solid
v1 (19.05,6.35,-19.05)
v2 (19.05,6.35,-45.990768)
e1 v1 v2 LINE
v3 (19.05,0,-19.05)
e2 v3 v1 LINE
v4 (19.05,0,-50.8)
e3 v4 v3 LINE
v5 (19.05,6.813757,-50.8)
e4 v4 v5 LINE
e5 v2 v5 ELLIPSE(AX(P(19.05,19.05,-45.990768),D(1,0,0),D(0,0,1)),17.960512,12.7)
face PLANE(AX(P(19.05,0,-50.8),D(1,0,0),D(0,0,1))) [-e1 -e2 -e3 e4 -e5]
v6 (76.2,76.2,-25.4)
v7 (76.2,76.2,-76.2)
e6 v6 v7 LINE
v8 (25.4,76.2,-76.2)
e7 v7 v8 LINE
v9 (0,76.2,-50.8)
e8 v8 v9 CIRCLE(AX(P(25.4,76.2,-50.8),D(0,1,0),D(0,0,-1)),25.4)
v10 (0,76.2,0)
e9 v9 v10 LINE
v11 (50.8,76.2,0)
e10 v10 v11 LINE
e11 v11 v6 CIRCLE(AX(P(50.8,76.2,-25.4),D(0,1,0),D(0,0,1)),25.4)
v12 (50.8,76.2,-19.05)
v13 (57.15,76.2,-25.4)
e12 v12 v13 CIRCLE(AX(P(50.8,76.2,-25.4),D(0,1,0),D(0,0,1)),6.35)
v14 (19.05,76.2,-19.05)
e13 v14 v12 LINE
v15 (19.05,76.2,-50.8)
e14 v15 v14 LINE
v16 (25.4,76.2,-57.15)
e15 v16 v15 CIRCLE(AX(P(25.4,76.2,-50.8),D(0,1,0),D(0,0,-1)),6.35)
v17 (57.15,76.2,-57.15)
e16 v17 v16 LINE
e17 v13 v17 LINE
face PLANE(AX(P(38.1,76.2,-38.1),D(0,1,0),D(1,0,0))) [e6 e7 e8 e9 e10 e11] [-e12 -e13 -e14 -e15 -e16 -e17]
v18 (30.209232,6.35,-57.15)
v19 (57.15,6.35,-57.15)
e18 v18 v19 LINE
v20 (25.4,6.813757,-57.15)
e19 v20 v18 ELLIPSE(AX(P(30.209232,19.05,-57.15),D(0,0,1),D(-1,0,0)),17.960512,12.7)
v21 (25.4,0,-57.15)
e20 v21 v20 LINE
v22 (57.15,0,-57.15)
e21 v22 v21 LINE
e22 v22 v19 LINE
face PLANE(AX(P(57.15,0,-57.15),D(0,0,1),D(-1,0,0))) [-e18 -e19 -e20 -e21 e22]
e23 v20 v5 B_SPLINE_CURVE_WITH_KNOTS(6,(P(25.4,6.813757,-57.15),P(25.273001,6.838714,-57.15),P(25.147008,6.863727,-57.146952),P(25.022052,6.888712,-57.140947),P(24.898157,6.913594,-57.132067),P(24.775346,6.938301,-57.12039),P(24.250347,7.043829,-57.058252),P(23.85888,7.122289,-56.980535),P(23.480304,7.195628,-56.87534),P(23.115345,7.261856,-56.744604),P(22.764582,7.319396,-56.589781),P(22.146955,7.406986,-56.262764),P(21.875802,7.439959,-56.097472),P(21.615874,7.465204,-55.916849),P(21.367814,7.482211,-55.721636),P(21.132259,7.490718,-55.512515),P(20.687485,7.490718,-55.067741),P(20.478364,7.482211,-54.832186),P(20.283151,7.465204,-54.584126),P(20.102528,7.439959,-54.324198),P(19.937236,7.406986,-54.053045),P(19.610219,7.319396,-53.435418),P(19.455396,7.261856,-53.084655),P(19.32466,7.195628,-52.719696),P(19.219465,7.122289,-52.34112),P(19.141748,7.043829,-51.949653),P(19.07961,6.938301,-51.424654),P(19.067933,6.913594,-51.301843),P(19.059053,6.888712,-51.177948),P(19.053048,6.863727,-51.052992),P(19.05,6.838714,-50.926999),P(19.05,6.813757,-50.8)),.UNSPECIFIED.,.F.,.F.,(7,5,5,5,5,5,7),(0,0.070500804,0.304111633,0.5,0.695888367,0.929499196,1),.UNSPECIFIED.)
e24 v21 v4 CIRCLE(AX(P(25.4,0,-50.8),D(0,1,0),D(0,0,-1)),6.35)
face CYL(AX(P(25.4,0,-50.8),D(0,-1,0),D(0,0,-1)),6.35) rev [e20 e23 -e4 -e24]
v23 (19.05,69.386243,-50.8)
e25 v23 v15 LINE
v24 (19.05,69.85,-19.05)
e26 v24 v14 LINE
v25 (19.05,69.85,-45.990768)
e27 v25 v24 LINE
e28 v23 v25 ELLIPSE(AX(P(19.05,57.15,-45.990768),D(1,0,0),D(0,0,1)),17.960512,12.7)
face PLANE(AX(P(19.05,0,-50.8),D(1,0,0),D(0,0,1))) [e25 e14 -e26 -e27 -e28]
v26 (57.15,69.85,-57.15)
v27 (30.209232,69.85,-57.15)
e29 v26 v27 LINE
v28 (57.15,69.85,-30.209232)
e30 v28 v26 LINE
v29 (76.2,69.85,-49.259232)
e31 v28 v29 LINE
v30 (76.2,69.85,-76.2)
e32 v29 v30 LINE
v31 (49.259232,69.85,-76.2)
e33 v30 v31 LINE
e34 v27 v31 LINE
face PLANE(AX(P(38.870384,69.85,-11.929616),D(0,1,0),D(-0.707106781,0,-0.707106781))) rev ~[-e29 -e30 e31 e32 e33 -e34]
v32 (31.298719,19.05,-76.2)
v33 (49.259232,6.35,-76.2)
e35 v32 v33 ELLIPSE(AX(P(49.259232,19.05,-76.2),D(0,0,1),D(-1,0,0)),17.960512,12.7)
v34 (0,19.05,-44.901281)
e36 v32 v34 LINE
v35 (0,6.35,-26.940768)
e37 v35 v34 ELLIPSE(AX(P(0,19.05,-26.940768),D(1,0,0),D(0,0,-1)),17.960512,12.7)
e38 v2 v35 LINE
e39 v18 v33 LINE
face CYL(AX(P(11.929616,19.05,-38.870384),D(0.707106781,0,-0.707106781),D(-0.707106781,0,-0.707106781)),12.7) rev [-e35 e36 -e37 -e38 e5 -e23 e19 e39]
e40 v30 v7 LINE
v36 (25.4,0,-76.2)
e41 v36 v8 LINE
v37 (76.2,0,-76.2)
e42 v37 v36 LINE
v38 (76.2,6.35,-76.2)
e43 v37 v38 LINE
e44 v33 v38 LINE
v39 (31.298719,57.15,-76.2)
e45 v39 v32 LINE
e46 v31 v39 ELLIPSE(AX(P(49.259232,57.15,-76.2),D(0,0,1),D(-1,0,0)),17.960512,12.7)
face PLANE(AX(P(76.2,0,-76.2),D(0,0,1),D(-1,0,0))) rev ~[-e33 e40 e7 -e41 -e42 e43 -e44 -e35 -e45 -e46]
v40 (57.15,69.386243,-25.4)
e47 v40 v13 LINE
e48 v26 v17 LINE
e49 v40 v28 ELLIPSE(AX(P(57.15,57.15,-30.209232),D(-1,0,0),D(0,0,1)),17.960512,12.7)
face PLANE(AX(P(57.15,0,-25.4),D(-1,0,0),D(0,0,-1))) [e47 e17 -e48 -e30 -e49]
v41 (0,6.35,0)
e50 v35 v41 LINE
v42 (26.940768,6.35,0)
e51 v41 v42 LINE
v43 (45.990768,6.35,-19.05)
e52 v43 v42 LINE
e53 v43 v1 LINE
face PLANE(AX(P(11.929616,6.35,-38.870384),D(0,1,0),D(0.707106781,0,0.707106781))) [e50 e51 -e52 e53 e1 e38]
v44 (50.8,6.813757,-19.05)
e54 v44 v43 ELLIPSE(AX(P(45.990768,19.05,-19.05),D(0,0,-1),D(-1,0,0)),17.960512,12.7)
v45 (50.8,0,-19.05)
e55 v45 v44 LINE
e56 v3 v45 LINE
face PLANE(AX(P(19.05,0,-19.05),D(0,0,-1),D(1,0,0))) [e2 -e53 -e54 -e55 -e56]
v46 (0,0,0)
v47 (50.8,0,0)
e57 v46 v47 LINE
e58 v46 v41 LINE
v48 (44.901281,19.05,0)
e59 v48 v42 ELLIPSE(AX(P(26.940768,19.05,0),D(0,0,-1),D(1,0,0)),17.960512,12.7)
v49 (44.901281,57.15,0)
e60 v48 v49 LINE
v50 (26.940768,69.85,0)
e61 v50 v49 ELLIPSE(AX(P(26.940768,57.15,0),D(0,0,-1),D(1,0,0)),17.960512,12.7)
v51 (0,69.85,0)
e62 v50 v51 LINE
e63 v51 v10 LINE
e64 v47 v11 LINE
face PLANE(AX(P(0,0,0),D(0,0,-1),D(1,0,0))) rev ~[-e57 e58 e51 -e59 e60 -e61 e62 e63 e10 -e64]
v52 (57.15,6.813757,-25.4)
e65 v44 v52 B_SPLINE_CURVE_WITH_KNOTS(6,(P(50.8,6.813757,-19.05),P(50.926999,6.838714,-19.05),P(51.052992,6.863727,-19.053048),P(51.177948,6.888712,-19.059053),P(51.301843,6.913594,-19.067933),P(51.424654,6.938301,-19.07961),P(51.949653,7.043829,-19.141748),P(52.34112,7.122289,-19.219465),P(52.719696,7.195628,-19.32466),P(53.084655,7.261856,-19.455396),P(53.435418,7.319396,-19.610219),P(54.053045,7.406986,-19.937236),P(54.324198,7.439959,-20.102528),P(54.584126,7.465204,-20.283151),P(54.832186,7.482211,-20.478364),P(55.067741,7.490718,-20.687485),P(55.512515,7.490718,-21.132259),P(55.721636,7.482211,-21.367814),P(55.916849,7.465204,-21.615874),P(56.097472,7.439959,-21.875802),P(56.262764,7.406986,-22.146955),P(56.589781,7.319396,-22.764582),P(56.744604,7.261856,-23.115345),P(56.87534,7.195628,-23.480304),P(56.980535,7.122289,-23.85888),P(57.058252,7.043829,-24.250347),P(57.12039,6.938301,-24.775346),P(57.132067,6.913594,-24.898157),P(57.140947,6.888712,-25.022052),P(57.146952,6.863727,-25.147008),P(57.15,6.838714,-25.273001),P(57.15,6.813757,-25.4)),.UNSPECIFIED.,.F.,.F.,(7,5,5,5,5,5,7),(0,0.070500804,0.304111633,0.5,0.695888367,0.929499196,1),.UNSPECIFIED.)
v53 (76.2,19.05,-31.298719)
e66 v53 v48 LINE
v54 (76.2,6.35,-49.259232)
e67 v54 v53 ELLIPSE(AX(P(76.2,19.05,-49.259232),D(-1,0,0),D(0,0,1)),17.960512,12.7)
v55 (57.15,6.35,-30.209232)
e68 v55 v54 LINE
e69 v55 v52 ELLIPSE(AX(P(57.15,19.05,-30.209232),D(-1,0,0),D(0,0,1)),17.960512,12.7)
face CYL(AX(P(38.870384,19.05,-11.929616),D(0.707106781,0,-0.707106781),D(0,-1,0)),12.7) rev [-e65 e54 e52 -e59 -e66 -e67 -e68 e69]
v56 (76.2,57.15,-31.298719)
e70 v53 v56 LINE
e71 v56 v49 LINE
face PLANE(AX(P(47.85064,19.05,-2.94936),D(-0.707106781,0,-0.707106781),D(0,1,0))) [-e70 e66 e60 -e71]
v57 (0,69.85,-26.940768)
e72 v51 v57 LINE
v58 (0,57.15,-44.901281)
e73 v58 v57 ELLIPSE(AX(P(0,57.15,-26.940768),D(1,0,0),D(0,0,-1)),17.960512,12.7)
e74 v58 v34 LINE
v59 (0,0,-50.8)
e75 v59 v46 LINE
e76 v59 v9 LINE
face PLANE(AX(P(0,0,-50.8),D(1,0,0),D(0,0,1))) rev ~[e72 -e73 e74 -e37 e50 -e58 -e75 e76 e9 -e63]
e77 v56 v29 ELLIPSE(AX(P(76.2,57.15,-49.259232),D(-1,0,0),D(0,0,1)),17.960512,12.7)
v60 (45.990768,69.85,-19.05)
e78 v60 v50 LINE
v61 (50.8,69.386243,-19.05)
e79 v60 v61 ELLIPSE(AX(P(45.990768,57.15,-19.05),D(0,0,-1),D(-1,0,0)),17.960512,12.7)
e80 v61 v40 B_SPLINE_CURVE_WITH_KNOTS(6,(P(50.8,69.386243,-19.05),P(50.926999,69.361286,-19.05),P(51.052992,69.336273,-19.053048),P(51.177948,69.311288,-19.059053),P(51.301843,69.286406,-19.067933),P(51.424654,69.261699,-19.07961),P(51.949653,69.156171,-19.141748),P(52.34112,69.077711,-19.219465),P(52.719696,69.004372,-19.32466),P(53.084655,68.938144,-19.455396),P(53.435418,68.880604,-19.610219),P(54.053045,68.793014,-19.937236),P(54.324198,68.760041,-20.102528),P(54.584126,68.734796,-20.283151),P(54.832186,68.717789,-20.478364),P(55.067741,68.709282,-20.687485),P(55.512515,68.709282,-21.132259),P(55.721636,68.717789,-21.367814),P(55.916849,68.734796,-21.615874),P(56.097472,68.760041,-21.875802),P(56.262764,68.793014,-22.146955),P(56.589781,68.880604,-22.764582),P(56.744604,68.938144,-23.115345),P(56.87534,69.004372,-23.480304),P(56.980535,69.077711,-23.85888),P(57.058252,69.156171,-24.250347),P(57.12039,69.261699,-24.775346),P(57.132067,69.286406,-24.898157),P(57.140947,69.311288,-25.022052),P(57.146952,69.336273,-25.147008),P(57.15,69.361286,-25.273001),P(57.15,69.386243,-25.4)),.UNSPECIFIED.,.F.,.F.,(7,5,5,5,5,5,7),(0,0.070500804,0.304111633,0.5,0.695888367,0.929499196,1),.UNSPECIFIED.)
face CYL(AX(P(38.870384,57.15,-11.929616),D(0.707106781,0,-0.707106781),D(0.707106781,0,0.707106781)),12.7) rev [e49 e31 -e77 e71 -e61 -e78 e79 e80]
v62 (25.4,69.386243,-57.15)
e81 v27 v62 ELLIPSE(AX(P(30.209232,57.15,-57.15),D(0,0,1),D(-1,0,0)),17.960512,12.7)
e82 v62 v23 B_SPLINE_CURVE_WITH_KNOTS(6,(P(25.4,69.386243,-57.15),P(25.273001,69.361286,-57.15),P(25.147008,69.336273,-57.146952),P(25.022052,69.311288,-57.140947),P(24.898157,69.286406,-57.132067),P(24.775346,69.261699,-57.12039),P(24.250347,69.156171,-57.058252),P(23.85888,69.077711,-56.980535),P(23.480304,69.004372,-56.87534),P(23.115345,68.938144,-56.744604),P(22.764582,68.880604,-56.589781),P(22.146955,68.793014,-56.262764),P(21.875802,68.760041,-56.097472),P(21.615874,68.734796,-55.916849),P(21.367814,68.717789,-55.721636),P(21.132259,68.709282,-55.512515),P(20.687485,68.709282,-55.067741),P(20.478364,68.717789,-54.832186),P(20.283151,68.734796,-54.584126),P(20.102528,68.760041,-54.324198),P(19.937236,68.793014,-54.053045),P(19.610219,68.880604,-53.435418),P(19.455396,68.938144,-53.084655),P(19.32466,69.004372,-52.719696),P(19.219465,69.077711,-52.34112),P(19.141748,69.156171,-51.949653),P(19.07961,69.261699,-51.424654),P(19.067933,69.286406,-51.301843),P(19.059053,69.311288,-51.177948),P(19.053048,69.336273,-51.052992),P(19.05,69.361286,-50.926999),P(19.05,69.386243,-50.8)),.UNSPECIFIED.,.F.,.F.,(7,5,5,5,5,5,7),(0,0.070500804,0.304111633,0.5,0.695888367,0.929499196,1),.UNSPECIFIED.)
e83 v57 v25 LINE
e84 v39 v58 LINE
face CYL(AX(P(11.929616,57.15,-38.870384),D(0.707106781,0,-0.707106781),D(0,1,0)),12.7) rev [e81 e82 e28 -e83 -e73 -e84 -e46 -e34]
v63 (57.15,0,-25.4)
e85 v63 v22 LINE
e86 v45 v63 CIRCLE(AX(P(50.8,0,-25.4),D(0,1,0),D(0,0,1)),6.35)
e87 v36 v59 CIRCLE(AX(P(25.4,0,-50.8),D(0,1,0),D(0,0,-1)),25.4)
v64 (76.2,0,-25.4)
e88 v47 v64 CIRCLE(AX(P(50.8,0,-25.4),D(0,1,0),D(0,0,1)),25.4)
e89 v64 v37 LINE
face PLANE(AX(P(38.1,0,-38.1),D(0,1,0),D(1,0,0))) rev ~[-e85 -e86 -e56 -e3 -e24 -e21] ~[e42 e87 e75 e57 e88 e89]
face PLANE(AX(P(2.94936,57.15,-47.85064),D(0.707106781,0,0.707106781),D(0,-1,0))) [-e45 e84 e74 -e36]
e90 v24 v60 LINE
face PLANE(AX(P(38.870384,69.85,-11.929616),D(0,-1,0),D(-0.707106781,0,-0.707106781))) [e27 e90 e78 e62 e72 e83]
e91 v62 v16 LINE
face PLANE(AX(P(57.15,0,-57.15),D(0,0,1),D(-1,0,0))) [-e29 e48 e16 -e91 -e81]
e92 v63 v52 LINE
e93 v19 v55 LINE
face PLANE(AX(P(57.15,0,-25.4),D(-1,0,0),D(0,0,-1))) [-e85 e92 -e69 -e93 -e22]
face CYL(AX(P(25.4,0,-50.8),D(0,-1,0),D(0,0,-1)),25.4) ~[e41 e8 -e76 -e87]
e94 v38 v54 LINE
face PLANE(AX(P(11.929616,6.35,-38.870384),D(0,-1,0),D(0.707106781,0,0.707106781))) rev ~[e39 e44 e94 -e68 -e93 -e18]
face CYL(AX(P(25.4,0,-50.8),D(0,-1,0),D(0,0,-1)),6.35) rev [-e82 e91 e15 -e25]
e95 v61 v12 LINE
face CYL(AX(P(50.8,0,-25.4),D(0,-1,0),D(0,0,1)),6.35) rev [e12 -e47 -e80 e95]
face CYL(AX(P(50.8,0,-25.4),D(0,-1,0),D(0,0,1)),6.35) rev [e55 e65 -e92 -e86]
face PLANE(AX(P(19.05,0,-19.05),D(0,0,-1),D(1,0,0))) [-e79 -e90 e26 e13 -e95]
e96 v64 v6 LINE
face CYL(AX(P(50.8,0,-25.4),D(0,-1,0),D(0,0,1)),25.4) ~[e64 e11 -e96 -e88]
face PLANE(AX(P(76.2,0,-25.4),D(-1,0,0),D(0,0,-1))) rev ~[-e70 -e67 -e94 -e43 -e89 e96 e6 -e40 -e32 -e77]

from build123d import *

# Parameters (mm, degrees)
BOSS_EXTRUDE1_DEPTH     = 76.2
CUT_EXTRUDE4_DEPTH      = 50.546
CUT_EXTRUDE4_DEPTH_BACK = 82.042


with BuildPart() as part:
    # Sketch1 → Boss-Extrude1 (new body)
    with BuildSketch(Plane(origin=(0, 0, 0), x_dir=(1, 0, 0), z_dir=(0, 1, 0))):
        with BuildLine():
            Line((0, 0), (50.8, 0))
            ThreePointArc((50.8, 0), (68.760512242, 7.439487758), (76.2, 25.4))
            Line((76.2, 25.4), (76.2, 76.2))
            Line((76.2, 76.2), (25.4, 76.2))
            ThreePointArc((25.4, 76.2), (7.439487758, 68.760512242), (0, 50.8))
            Line((0, 50.8), (0, 0))
        make_face()
        with BuildLine():
            Line((19.05, 19.05), (50.8, 19.05))
            ThreePointArc((50.8, 19.05), (55.290128061, 20.909871939), (57.15, 25.4))
            Line((57.15, 25.4), (57.15, 57.15))
            Line((57.15, 57.15), (25.4, 57.15))
            ThreePointArc((25.4, 57.15), (20.909871939, 55.290128061), (19.05, 50.8))
            Line((19.05, 50.8), (19.05, 19.05))
        make_face(mode=Mode.SUBTRACT)
    extrude(amount=BOSS_EXTRUDE1_DEPTH)

    # Sketch3 → Cut-Extrude4 (cut, two sides)
    with BuildSketch(Plane(origin=(25.4, 0, -25.4), x_dir=(0.707106781, 0, 0.707106781), z_dir=(-0.707106781, 0, 0.707106781))) as cut_extrude4_sk:
        with BuildLine():
            Line((-31.75, 38.1), (-31.75, 19.05))
            ThreePointArc((-31.75, 19.05), (-28.030256121, 10.069743879), (-19.05, 6.35))
            Line((-19.05, 6.35), (19.05, 6.35))
            ThreePointArc((19.05, 6.35), (28.030256121, 10.069743879), (31.75, 19.05))
            Line((31.75, 19.05), (31.75, 38.1))
            Line((31.75, 38.1), (31.75, 57.15))
            ThreePointArc((31.75, 57.15), (28.030256121, 66.130256121), (19.05, 69.85))
            Line((19.05, 69.85), (-19.05, 69.85))
            ThreePointArc((-19.05, 69.85), (-28.030256121, 66.130256121), (-31.75, 57.15))
            Line((-31.75, 57.15), (-31.75, 38.1))
        make_face()
    extrude(amount=CUT_EXTRUDE4_DEPTH, mode=Mode.SUBTRACT)
    extrude(cut_extrude4_sk.sketch, amount=-CUT_EXTRUDE4_DEPTH_BACK, mode=Mode.SUBTRACT)


solid = part.part
